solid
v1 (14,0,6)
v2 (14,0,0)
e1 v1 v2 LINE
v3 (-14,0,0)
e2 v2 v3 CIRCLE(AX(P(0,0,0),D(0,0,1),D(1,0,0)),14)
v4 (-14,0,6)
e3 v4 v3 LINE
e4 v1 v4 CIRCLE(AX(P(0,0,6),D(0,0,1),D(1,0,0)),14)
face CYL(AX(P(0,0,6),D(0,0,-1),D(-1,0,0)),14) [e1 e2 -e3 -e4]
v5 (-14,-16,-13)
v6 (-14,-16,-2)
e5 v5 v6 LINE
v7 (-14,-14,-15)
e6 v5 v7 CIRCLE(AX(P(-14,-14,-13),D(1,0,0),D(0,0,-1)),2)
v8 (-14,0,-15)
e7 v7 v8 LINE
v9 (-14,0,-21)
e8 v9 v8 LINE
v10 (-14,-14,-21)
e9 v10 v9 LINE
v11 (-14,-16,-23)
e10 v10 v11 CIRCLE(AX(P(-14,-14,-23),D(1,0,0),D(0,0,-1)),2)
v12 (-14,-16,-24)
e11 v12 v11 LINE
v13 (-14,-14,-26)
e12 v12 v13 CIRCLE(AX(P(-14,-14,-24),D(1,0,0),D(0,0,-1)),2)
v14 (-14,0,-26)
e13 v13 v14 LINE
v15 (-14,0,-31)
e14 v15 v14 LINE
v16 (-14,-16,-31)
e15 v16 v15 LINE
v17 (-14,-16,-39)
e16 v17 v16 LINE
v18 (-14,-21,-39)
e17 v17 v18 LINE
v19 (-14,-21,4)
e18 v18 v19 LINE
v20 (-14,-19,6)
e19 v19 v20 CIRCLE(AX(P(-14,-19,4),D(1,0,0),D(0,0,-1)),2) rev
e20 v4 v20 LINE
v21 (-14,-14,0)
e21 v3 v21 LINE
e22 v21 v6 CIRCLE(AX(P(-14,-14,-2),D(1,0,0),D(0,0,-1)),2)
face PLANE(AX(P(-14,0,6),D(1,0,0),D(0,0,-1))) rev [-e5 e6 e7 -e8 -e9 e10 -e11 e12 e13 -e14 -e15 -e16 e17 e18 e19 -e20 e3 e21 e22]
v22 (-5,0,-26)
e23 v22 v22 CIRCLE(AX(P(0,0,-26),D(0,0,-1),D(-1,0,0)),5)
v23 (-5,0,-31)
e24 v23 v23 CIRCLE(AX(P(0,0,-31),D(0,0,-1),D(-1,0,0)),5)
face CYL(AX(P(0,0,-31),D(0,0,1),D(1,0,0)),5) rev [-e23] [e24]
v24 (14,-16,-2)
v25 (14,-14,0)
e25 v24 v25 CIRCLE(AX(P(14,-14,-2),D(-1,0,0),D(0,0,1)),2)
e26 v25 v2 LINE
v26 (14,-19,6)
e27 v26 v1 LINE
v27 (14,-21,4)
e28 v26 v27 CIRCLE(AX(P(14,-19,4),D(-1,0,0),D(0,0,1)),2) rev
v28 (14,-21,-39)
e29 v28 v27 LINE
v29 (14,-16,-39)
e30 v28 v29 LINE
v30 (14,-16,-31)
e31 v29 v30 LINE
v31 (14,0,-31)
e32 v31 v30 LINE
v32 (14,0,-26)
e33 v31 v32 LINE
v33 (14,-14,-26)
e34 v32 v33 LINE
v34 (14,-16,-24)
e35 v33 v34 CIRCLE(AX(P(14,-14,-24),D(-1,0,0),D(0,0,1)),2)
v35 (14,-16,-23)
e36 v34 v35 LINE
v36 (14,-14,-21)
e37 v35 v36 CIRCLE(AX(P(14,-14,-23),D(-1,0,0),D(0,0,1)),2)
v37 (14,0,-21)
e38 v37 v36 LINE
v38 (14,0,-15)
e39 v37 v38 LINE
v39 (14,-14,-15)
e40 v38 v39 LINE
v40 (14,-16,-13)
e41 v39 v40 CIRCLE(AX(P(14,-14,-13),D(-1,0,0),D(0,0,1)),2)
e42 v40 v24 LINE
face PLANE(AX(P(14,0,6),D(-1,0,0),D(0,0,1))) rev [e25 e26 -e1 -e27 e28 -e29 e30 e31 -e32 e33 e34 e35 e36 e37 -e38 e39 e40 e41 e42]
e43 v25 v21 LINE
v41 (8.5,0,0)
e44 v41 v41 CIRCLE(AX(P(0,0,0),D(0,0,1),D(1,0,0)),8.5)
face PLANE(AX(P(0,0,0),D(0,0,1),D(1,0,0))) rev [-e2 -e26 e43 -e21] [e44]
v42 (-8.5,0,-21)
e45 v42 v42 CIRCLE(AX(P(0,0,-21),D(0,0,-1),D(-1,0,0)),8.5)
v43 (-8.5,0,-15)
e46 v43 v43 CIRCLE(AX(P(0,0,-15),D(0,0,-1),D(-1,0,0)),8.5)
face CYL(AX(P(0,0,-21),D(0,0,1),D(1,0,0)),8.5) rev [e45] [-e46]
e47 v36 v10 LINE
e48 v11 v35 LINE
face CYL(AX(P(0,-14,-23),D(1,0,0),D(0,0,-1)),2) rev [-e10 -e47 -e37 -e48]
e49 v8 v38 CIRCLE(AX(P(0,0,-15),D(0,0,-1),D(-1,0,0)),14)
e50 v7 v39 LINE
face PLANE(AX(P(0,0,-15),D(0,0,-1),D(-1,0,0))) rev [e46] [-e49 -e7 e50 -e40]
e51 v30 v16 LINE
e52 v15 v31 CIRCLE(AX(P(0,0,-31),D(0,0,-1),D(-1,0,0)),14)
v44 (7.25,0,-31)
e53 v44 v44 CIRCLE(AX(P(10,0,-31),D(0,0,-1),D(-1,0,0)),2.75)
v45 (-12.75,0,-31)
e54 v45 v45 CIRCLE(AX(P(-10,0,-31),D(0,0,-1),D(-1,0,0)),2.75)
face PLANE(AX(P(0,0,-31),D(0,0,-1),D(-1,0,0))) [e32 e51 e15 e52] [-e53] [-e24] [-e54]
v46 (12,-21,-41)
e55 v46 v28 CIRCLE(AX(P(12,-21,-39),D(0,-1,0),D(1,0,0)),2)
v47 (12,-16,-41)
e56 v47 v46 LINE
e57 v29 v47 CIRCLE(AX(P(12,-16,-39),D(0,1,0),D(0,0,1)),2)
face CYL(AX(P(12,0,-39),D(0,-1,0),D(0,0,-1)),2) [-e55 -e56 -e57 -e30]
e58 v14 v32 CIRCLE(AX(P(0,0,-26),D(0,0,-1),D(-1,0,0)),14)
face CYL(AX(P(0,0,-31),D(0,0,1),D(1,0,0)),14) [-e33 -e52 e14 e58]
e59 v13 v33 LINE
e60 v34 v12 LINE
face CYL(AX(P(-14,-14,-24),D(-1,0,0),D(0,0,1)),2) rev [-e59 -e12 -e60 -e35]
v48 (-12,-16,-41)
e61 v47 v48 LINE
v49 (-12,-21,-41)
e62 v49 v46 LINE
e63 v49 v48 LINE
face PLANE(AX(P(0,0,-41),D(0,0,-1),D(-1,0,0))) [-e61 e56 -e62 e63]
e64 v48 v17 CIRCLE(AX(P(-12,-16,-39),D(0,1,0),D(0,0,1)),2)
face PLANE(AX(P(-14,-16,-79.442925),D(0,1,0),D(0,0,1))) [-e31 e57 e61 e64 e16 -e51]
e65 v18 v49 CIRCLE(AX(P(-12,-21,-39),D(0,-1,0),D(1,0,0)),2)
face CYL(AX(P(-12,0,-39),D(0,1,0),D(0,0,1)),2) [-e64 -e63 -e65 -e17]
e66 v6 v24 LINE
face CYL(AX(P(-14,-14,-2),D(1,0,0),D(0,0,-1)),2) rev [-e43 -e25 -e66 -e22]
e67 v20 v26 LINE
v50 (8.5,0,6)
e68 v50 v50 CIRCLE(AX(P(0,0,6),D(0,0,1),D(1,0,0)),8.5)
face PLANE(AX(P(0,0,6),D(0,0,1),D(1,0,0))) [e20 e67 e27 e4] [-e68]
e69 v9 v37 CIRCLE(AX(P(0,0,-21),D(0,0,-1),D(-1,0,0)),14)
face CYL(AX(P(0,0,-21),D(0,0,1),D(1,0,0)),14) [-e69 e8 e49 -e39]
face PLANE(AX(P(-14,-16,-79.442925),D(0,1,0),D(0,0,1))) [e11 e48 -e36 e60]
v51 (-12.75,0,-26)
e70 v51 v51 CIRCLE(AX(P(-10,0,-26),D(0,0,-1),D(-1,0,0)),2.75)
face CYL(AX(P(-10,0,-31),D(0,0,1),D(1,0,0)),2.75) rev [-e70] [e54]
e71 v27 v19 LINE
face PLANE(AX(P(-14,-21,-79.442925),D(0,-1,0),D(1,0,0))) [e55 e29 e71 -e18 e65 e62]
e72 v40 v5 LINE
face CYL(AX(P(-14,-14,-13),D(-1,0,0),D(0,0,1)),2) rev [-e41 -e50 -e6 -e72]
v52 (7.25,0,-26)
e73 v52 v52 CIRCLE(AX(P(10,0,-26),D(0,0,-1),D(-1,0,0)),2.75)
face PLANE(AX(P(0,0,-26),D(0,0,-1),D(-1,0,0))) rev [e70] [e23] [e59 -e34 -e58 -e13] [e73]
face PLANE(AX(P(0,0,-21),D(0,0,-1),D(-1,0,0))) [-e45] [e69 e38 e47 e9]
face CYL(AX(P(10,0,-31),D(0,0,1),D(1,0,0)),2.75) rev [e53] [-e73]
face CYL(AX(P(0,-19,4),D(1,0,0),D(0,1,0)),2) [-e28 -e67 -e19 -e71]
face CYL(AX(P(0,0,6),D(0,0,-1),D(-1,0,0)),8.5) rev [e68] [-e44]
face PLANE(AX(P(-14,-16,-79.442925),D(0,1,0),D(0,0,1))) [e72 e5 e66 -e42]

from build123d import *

# Parameters (mm, degrees)
SKETCH1_R           = 8.5
BOSS_EXTRUDE1_DEPTH = 6
SKETCH2_R           = 8.5
BOSS_EXTRUDE2_DEPTH = 6
SKETCH3_R           = 5
SKETCH3_R_2         = 2.75
BOSS_EXTRUDE3_DEPTH = 5
SKETCH4_W           = 28
SKETCH4_H           = 5
BOSS_EXTRUDE5_DEPTH = 47
FILLET1_R           = 2


with BuildPart() as part:
    # Sketch1 → Boss-Extrude1 (new body)
    with BuildSketch(Plane.XY):
        with BuildLine():
            Line((14, -16), (14, 0))
            ThreePointArc((14, 0), (0, 14), (-14, 0))
            Line((-14, 0), (-14, -16))
            Line((-14, -16), (14, -16))
        make_face()
        Circle(SKETCH1_R, mode=Mode.SUBTRACT)
    extrude(amount=BOSS_EXTRUDE1_DEPTH)



with BuildPart() as body_2:
    # Sketch2 → Boss-Extrude2 (new body)
    with BuildSketch(Plane(origin=(0, 0, -15), x_dir=(-1, 0, 0), z_dir=(0, 0, -1))):
        with BuildLine():
            Line((-14, -16), (-14, 0))
            ThreePointArc((-14, 0), (0, 14), (14, 0))
            Line((14, 0), (14, -16))
            Line((14, -16), (-14, -16))
        make_face()
        with Locations(Location((0, 0, 0), (0, 0, 180))):
            Circle(SKETCH2_R, mode=Mode.SUBTRACT)
    extrude(amount=BOSS_EXTRUDE2_DEPTH)


with BuildPart() as body_3:
    # Sketch3 → Boss-Extrude3 (new body)
    with BuildSketch(Plane(origin=(0, 0, -26), x_dir=(-1, 0, 0), z_dir=(0, 0, -1))):
        with BuildLine():
            Line((-14, -16), (14, -16))
            Line((14, -16), (14, 0))
            ThreePointArc((14, 0), (0, 14), (-14, 0))
            Line((-14, 0), (-14, -16))
        make_face()
        Circle(SKETCH3_R, mode=Mode.SUBTRACT)
        with Locations((-10, 0)):
            Circle(SKETCH3_R_2, mode=Mode.SUBTRACT)
        with Locations((10, 0)):
            Circle(SKETCH3_R_2, mode=Mode.SUBTRACT)
    extrude(amount=BOSS_EXTRUDE3_DEPTH)


with BuildPart() as part_1:
    add(part.part)

    add(body_2.part)  # Boss-Extrude5 merges body 2

    add(body_3.part)  # Boss-Extrude5 merges body 3
    # Sketch4 → Boss-Extrude5 (add)
    with BuildSketch(Plane.XY.offset(6)):
        with Locations((0, -18.5)):
            Rectangle(SKETCH4_W, SKETCH4_H)
    extrude(amount=-BOSS_EXTRUDE5_DEPTH)

    # Fillet1
    fillet1_edges = [part_1.edges().sort_by_distance(p)[0] for p in [
        (0, -21, 6),
        (14, -18.5, -41),
        (-14, -18.5, -41),
        (0, -16, -21),
        (0, -16, -15),
        (0, -16, -26),
        (0, -16, 0),
    ]]
    fillet(fillet1_edges, radius=FILLET1_R)


solid = part_1.part
